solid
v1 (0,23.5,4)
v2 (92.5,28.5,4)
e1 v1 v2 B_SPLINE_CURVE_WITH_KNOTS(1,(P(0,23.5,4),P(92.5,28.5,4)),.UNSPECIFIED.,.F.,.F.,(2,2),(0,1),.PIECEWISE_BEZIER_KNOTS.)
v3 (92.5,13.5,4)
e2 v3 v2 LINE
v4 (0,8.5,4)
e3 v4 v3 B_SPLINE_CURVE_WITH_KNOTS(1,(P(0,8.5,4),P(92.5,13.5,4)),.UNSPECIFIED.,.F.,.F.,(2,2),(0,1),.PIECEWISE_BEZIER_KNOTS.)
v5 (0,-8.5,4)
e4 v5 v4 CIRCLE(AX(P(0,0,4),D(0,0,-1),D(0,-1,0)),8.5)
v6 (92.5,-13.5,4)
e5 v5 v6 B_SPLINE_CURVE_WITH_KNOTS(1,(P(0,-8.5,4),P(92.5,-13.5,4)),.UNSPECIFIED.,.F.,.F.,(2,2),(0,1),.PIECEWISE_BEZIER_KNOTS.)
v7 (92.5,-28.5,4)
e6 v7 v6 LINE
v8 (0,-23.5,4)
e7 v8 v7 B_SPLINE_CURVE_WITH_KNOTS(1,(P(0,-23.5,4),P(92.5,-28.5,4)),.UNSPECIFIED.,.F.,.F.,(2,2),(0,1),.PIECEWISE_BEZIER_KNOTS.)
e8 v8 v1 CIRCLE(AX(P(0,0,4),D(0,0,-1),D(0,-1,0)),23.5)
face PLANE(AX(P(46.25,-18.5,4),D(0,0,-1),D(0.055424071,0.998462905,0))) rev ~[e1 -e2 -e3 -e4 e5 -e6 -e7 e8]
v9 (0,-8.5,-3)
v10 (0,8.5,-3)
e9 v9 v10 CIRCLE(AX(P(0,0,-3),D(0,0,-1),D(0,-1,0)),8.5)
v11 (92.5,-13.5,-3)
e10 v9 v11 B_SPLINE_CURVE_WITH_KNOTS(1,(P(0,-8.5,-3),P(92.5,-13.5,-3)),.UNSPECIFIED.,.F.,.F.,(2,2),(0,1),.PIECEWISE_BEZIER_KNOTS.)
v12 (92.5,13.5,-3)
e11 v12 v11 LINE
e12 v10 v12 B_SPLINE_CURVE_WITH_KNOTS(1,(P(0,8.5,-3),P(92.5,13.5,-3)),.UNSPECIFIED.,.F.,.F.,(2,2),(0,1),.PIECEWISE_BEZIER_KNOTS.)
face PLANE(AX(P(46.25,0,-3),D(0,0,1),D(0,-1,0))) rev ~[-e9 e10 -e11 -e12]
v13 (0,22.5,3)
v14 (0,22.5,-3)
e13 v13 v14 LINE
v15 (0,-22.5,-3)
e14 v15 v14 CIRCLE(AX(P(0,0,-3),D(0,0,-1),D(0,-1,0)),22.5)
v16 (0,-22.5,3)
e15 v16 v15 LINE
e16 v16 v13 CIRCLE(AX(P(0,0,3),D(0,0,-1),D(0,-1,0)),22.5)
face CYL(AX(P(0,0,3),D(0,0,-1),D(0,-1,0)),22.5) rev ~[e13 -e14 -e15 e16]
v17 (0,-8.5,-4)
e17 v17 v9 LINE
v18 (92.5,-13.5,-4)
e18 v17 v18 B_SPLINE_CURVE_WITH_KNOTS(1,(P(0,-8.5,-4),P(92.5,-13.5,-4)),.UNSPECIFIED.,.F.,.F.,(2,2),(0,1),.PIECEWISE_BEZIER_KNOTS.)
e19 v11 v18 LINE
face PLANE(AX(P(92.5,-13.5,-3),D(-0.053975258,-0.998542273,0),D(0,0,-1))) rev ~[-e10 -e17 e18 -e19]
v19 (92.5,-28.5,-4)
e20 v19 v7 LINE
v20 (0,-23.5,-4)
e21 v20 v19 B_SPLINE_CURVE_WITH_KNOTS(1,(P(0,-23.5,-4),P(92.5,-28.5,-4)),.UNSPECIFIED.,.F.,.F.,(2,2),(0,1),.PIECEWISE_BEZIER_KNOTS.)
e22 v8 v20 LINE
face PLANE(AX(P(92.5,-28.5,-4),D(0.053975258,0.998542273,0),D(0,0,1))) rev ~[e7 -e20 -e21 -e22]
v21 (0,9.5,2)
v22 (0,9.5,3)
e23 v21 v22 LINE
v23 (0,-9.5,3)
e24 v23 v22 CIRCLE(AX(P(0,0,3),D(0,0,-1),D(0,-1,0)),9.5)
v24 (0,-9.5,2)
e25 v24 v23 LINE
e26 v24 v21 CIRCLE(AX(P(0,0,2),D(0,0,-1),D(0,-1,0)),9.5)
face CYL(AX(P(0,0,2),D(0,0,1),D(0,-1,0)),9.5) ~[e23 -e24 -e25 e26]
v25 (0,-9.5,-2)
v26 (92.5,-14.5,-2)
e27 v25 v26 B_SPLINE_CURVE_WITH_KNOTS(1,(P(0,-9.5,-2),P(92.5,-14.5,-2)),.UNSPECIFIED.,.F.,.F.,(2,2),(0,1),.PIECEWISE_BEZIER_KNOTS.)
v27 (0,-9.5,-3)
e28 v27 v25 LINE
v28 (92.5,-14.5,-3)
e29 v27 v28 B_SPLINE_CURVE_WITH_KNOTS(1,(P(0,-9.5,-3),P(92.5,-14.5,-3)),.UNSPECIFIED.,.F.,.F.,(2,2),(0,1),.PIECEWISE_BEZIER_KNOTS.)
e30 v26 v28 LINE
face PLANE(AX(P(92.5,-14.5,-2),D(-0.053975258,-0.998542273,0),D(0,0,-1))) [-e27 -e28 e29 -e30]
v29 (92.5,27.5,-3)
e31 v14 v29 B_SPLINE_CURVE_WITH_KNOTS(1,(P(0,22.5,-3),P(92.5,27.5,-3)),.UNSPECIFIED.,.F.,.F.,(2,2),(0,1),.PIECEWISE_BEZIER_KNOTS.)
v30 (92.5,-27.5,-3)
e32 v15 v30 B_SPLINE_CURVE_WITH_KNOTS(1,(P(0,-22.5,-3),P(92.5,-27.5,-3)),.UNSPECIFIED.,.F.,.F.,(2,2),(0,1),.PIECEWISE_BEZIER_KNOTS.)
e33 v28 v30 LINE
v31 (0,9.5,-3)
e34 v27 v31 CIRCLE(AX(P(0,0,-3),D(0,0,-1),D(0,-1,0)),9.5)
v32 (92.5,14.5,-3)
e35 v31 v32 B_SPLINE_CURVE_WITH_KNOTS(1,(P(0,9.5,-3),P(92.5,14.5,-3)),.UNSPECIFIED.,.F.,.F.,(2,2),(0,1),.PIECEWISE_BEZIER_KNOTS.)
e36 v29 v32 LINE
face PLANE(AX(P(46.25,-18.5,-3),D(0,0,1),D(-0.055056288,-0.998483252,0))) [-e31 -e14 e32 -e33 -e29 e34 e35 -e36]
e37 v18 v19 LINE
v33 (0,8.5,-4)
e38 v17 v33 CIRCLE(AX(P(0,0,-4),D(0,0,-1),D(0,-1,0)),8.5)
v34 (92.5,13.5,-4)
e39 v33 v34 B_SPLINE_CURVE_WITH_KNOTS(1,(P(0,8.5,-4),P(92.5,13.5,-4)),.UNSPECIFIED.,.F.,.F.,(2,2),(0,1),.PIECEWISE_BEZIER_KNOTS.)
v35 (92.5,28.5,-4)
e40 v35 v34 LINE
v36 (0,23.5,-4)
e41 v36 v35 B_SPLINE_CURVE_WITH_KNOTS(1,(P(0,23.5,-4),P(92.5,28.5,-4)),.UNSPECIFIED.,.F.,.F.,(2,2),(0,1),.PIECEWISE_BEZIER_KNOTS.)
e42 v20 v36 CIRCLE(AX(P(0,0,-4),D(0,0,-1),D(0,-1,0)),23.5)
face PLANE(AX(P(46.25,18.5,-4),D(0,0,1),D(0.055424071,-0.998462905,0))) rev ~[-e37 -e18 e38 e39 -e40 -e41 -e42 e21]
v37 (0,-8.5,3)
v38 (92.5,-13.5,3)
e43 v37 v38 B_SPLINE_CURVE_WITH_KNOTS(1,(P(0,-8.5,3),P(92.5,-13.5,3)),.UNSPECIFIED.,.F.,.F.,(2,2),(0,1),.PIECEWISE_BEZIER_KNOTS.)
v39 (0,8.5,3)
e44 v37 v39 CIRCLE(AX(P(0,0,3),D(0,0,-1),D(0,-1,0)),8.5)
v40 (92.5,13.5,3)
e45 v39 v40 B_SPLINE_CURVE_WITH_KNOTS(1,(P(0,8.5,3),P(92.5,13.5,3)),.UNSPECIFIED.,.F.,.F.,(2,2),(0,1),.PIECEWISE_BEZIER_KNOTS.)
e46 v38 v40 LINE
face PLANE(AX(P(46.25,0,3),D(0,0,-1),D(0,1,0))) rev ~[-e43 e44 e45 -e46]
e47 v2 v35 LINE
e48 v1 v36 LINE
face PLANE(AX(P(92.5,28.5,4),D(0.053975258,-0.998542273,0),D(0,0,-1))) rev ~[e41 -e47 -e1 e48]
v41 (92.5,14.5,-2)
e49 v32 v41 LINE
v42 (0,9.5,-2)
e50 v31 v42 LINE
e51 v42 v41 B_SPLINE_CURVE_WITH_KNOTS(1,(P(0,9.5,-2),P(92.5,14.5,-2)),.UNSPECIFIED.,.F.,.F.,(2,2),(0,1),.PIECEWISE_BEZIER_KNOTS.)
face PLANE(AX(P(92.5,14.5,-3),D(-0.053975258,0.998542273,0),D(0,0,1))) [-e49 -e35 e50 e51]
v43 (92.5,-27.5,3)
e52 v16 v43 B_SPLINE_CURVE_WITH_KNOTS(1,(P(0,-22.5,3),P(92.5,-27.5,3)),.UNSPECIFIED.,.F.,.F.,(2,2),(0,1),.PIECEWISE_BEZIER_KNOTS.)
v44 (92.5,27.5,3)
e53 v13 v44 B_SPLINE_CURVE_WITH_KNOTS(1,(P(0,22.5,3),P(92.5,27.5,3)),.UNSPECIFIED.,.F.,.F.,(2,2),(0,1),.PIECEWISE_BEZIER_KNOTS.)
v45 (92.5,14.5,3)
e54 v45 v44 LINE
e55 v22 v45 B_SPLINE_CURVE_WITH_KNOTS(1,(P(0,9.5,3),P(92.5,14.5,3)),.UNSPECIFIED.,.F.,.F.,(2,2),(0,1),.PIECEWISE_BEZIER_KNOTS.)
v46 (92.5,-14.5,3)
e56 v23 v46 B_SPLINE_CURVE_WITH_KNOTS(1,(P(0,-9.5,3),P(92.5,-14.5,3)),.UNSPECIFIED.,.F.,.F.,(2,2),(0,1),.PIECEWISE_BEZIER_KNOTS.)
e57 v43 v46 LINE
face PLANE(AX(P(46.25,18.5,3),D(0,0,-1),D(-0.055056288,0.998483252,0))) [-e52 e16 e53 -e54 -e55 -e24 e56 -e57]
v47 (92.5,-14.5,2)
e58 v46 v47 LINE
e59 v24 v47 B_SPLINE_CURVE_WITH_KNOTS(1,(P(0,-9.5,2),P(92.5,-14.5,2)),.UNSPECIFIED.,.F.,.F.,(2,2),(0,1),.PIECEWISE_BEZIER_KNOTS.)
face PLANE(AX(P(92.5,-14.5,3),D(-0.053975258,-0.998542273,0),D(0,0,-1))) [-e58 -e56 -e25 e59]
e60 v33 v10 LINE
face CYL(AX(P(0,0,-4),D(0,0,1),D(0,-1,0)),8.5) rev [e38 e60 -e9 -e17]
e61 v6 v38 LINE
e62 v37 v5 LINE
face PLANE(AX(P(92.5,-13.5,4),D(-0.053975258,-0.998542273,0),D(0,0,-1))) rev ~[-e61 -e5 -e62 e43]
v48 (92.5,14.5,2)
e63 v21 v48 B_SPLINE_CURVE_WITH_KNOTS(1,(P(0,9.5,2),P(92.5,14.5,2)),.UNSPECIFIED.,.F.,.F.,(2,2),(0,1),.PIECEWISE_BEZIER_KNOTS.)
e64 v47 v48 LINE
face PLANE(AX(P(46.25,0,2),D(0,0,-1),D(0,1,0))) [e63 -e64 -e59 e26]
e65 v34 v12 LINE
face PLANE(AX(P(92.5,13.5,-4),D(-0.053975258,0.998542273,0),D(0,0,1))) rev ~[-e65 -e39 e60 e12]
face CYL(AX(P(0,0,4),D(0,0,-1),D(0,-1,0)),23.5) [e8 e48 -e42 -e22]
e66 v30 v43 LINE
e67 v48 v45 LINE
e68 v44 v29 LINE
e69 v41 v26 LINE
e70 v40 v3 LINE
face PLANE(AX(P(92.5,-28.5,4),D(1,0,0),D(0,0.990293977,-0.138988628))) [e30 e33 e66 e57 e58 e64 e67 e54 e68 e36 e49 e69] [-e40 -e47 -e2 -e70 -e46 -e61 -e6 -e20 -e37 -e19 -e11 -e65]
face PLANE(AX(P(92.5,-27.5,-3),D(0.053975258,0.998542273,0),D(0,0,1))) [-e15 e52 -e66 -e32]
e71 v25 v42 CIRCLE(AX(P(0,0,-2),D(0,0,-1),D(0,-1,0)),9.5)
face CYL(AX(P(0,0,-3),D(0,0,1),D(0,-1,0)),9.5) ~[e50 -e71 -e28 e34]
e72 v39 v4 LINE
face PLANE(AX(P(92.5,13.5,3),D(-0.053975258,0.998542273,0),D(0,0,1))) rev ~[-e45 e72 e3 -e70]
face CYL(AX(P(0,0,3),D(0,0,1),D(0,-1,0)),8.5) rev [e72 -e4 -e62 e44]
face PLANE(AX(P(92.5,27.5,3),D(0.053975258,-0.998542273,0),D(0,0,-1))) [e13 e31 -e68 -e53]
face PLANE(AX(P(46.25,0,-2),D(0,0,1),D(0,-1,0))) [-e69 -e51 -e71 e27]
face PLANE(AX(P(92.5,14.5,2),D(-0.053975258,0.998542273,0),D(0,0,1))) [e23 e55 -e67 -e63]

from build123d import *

# Parameters (mm, degrees)
REVOLUTION_ANGLE = -180
GROOVE_ANGLE     = -180


with BuildPart() as part:
    # Sketch → Revolution (revolve)
    with BuildSketch(Plane.YZ):
        Polygon((0, 3), (-8.5, 3), (-8.5, 4), (-23.5, 4), (-23.5, -4), (-8.5, -4), (-8.5, -3), (0, -3), align=None)
    revolve(axis=Axis((0, 0, 0), (0, 0, 1)), revolution_arc=REVOLUTION_ANGLE)

    # Import → Groove (revolve, cut)
    with BuildSketch(Plane(origin=(0, -11.25, 0), x_dir=(0, -1, 0), z_dir=(1, 0, 0))):
        Polygon((-11.25, -2), (-1.75, -2), (-1.75, -3), (11.25, -3), (11.25, 3), (-1.75, 3), (-1.75, 2), (-11.25, 2), align=None)
    revolve(axis=Axis((0, 0, 0), (0, 0, 1)), revolution_arc=GROOVE_ANGLE, mode=Mode.SUBTRACT)

    # Sketch002 (on Face3 of Groove) → AdditiveLoft section 0
    with BuildSketch(Plane.YZ):
        Polygon((-23.5, 4), (-8.5, 4), (-8.5, 3), (8.5, 3), (8.5, 4), (23.5, 4), (23.5, -4), (8.5, -4), (8.5, -3), (-8.5, -3), (-8.5, -4), (-23.5, -4), align=None)
    # Import001 → AdditiveLoft section 1
    with BuildSketch(Plane(origin=(92.5, 0, 0), x_dir=(0, 1, 0), z_dir=(-1, 0, 0))):
        Polygon((-28.5, -4), (-13.5, -4), (-13.5, -3), (13.5, -3), (13.5, -4), (28.5, -4), (28.5, 4), (13.5, 4), (13.5, 3), (-13.5, 3), (-13.5, 4), (-28.5, 4), align=None)
    loft()

    # Import002 → SubtractiveLoft section 0
    with BuildSketch(Plane(origin=(0, 0, 0), x_dir=(0, -1, 0), z_dir=(1, 0, 0))):
        Polygon((22.5, -3), (9.5, -3), (9.5, -2), (-9.5, -2), (-9.5, -3), (-22.5, -3), (-22.5, 3), (-9.5, 3), (-9.5, 2), (9.5, 2), (9.5, 3), (22.5, 3), align=None)
    # Import003 → SubtractiveLoft section 1
    with BuildSketch(Plane(origin=(92.5, 0, 0), x_dir=(0, 1, 0), z_dir=(-1, 0, 0))):
        Polygon((-27.5, -3), (-14.5, -3), (-14.5, -2), (14.5, -2), (14.5, -3), (27.5, -3), (27.5, 3), (14.5, 3), (14.5, 2), (-14.5, 2), (-14.5, 3), (-27.5, 3), align=None)
    loft(mode=Mode.SUBTRACT)


solid = part.part
